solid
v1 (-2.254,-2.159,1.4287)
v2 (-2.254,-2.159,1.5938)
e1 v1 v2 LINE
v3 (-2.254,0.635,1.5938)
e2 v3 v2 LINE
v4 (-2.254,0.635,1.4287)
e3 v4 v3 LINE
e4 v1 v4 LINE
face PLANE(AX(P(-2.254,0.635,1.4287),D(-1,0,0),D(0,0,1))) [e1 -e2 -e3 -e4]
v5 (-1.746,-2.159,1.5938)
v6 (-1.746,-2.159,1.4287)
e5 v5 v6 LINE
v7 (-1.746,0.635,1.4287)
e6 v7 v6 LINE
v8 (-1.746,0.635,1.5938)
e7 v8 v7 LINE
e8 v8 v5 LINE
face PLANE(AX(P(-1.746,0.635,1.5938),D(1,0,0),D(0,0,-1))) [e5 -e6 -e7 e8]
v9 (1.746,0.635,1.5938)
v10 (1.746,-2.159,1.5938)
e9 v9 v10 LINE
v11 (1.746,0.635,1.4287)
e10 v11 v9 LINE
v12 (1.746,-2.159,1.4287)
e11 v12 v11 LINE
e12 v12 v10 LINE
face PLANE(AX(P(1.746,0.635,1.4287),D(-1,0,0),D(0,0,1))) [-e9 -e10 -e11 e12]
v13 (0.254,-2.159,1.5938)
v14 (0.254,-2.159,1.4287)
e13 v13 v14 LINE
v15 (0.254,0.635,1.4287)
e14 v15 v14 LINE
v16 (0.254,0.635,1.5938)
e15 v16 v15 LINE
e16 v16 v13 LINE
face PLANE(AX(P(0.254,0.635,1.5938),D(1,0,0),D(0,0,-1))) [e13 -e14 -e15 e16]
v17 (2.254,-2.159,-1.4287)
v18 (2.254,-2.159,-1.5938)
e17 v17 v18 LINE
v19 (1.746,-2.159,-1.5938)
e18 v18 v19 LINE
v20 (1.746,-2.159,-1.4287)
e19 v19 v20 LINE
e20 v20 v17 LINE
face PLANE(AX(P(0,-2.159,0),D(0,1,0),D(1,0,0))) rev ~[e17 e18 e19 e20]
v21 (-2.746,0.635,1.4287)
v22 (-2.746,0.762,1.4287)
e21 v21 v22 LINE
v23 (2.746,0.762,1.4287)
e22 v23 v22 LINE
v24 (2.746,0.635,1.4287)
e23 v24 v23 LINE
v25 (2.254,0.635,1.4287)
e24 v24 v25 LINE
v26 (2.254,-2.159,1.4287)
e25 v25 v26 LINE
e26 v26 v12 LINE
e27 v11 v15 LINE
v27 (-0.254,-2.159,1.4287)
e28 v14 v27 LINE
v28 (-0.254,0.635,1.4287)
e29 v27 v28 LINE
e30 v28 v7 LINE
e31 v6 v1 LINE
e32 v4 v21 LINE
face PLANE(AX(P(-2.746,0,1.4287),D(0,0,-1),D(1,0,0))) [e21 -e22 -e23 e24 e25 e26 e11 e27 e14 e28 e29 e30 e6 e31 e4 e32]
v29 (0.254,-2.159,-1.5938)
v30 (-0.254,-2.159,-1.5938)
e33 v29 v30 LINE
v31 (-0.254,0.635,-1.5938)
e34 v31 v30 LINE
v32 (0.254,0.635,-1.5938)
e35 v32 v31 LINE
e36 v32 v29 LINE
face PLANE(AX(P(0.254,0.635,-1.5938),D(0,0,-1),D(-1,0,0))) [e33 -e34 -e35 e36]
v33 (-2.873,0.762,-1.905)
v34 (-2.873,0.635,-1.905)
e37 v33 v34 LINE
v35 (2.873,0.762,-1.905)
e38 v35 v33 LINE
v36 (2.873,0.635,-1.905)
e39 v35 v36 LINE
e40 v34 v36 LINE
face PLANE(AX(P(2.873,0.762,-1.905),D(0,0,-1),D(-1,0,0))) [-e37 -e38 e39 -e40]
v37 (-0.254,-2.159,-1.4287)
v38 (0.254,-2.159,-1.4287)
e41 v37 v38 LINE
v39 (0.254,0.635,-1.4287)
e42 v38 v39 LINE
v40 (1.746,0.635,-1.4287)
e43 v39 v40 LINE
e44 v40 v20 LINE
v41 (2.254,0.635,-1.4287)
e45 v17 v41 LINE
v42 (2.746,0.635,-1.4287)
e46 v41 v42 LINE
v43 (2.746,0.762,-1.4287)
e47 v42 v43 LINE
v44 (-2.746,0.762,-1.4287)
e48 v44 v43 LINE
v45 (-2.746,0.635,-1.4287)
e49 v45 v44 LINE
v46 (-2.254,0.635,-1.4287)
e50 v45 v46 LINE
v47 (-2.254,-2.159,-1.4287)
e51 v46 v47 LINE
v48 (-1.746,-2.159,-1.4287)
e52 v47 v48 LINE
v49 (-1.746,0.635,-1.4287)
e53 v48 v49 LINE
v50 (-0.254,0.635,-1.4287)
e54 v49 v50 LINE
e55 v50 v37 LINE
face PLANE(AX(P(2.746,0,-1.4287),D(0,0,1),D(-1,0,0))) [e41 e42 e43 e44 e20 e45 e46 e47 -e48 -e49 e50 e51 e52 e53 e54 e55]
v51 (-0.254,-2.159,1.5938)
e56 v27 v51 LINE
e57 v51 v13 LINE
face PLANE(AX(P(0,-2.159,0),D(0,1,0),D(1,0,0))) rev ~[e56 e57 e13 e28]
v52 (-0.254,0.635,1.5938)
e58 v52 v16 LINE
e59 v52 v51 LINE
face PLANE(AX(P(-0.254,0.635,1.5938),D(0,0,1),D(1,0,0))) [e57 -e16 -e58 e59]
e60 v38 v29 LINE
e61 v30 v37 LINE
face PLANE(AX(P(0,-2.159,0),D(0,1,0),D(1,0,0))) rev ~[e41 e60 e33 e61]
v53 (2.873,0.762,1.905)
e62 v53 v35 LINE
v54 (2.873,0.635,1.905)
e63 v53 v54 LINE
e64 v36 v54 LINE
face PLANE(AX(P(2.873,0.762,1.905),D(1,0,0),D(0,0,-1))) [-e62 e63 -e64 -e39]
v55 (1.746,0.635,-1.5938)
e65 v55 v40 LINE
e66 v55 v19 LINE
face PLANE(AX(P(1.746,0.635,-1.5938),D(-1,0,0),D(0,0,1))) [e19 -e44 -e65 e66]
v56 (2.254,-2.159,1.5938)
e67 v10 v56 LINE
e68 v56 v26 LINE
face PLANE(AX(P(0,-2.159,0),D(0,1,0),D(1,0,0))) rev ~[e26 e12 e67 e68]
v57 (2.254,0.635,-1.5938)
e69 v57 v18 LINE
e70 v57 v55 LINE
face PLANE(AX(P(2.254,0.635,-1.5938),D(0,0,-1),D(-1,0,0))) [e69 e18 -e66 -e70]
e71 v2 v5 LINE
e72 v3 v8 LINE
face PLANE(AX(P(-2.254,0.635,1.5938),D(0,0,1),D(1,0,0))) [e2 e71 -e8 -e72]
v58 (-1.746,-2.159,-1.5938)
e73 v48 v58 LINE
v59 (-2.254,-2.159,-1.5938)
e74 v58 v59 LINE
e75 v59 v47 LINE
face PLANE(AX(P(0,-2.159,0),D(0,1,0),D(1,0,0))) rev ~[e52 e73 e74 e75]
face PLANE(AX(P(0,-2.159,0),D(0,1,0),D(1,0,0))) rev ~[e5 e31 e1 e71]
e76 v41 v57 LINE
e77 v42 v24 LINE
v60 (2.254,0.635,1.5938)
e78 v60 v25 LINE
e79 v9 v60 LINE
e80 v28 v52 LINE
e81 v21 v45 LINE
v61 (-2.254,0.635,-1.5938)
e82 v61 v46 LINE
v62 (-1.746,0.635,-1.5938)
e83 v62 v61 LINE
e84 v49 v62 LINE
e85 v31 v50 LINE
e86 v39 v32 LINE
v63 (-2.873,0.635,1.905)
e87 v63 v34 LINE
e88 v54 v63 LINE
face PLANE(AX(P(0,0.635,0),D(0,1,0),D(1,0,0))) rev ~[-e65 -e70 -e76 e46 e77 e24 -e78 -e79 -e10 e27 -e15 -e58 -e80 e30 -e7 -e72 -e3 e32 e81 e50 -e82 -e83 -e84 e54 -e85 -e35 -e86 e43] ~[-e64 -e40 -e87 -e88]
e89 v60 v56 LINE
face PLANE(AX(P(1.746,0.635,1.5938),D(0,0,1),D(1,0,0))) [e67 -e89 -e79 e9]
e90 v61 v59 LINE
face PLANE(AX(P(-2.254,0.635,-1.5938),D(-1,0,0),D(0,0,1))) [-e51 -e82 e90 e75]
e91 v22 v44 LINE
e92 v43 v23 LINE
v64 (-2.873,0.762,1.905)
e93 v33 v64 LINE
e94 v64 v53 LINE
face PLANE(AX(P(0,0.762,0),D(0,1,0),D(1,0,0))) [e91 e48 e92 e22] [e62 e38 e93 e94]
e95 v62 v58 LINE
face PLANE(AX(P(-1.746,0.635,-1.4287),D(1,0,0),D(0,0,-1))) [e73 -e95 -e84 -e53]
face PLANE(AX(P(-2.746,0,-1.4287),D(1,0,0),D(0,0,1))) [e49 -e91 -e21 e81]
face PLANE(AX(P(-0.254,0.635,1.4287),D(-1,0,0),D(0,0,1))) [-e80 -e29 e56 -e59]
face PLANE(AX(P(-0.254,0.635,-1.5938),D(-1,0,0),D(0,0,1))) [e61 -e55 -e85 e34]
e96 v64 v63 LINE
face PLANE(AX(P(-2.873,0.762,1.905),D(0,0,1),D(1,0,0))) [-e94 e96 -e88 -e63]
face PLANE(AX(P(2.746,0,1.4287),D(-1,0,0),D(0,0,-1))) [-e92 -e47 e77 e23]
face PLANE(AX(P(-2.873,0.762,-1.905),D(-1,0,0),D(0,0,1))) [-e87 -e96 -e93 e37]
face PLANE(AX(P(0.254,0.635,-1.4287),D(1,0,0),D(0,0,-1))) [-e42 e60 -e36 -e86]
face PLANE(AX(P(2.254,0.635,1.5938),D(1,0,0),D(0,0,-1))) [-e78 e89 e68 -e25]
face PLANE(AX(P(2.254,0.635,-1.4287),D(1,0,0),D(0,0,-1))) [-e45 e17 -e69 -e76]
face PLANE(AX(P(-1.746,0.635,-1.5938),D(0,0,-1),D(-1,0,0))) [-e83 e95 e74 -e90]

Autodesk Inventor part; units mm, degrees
sketch "Sketch_3" plane through (0, 0.762, 0) normal (0, 1, 0) x (1, 0, 0)
  line L0 (-2.873, 1.905) -> (-2.873, -1.905)
  line L1 (-2.873, -1.905) -> (2.873, -1.905)
  line L2 (2.873, -1.905) -> (2.873, 1.905)
  line L3 (2.873, 1.905) -> (-2.873, 1.905)
extrude "Extrusion1" add sketch "Sketch_3" against normal blind 2.921
sketch "Sketch_4" plane through (0, 0.635, 0) normal (0, 1, 0) x (1, 0, 0)
  line L0 (-3, 2.54) -> (-3, -2.54)
  line L1 (-3, -2.54) -> (3, -2.54)
  line L2 (3, -2.54) -> (3, 2.54)
  line L3 (3, 2.54) -> (-3, 2.54)
  line L4 (1.746, -1.4287) -> (1.746, -1.5938)
  line L5 (1.746, -1.5938) -> (2.254, -1.5938)
  line L6 (2.254, -1.5938) -> (2.254, -1.4287)
  line L7 (2.254, -1.4287) -> (1.746, -1.4287)
  line L8 (1.746, 1.5938) -> (1.746, 1.4287)
  line L9 (1.746, 1.4287) -> (2.254, 1.4287)
  line L10 (2.254, 1.4287) -> (2.254, 1.5938)
  line L11 (2.254, 1.5938) -> (1.746, 1.5938)
  line L12 (-0.254, -1.4287) -> (-0.254, -1.5938)
  line L13 (-0.254, -1.5938) -> (0.254, -1.5938)
  line L14 (0.254, -1.5938) -> (0.254, -1.4287)
  line L15 (0.254, -1.4287) -> (-0.254, -1.4287)
  line L16 (-0.254, 1.5938) -> (-0.254, 1.4287)
  line L17 (-0.254, 1.4287) -> (0.254, 1.4287)
  line L18 (0.254, 1.4287) -> (0.254, 1.5938)
  line L19 (0.254, 1.5938) -> (-0.254, 1.5938)
  line L20 (-2.254, -1.4287) -> (-2.254, -1.5938)
  line L21 (-2.254, -1.5938) -> (-1.746, -1.5938)
  line L22 (-1.746, -1.5938) -> (-1.746, -1.4287)
  line L23 (-1.746, -1.4287) -> (-2.254, -1.4287)
  line L24 (-2.254, 1.5938) -> (-2.254, 1.4287)
  line L25 (-2.254, 1.4287) -> (-1.746, 1.4287)
  line L26 (-1.746, 1.4287) -> (-1.746, 1.5938)
  line L27 (-1.746, 1.5938) -> (-2.254, 1.5938)
extrude "Extrusion2" cut sketch "Sketch_4" against normal blind 2.921
sketch "Sketch_5" plane through (0, 0, 0) normal (0, 1, 0) x (-1, 0, 0)
  line L0 (2.746, -1.4287) -> (2.746, 1.4287)
  line L1 (2.746, 1.4287) -> (-2.746, 1.4287)
  line L2 (-2.746, 1.4287) -> (-2.746, -1.4287)
  line L3 (-2.746, -1.4287) -> (2.746, -1.4287)
extrude "Extrusion3" cut sketch "Sketch_5" along normal blind 2.159
ref_plane "pins_XY" through (0, 0, 0) normal (0, 1, 0) x (1, 0, 0)
ref_plane "pins_YZ" through (0, 0, 0) normal (1, 0, 0) x (0, 0, -1)
ref_plane "pins_ZX" through (0, 0, 0) normal (0, 0, -1) x (0, 1, 0)
properties part number "C-0301_pins"
